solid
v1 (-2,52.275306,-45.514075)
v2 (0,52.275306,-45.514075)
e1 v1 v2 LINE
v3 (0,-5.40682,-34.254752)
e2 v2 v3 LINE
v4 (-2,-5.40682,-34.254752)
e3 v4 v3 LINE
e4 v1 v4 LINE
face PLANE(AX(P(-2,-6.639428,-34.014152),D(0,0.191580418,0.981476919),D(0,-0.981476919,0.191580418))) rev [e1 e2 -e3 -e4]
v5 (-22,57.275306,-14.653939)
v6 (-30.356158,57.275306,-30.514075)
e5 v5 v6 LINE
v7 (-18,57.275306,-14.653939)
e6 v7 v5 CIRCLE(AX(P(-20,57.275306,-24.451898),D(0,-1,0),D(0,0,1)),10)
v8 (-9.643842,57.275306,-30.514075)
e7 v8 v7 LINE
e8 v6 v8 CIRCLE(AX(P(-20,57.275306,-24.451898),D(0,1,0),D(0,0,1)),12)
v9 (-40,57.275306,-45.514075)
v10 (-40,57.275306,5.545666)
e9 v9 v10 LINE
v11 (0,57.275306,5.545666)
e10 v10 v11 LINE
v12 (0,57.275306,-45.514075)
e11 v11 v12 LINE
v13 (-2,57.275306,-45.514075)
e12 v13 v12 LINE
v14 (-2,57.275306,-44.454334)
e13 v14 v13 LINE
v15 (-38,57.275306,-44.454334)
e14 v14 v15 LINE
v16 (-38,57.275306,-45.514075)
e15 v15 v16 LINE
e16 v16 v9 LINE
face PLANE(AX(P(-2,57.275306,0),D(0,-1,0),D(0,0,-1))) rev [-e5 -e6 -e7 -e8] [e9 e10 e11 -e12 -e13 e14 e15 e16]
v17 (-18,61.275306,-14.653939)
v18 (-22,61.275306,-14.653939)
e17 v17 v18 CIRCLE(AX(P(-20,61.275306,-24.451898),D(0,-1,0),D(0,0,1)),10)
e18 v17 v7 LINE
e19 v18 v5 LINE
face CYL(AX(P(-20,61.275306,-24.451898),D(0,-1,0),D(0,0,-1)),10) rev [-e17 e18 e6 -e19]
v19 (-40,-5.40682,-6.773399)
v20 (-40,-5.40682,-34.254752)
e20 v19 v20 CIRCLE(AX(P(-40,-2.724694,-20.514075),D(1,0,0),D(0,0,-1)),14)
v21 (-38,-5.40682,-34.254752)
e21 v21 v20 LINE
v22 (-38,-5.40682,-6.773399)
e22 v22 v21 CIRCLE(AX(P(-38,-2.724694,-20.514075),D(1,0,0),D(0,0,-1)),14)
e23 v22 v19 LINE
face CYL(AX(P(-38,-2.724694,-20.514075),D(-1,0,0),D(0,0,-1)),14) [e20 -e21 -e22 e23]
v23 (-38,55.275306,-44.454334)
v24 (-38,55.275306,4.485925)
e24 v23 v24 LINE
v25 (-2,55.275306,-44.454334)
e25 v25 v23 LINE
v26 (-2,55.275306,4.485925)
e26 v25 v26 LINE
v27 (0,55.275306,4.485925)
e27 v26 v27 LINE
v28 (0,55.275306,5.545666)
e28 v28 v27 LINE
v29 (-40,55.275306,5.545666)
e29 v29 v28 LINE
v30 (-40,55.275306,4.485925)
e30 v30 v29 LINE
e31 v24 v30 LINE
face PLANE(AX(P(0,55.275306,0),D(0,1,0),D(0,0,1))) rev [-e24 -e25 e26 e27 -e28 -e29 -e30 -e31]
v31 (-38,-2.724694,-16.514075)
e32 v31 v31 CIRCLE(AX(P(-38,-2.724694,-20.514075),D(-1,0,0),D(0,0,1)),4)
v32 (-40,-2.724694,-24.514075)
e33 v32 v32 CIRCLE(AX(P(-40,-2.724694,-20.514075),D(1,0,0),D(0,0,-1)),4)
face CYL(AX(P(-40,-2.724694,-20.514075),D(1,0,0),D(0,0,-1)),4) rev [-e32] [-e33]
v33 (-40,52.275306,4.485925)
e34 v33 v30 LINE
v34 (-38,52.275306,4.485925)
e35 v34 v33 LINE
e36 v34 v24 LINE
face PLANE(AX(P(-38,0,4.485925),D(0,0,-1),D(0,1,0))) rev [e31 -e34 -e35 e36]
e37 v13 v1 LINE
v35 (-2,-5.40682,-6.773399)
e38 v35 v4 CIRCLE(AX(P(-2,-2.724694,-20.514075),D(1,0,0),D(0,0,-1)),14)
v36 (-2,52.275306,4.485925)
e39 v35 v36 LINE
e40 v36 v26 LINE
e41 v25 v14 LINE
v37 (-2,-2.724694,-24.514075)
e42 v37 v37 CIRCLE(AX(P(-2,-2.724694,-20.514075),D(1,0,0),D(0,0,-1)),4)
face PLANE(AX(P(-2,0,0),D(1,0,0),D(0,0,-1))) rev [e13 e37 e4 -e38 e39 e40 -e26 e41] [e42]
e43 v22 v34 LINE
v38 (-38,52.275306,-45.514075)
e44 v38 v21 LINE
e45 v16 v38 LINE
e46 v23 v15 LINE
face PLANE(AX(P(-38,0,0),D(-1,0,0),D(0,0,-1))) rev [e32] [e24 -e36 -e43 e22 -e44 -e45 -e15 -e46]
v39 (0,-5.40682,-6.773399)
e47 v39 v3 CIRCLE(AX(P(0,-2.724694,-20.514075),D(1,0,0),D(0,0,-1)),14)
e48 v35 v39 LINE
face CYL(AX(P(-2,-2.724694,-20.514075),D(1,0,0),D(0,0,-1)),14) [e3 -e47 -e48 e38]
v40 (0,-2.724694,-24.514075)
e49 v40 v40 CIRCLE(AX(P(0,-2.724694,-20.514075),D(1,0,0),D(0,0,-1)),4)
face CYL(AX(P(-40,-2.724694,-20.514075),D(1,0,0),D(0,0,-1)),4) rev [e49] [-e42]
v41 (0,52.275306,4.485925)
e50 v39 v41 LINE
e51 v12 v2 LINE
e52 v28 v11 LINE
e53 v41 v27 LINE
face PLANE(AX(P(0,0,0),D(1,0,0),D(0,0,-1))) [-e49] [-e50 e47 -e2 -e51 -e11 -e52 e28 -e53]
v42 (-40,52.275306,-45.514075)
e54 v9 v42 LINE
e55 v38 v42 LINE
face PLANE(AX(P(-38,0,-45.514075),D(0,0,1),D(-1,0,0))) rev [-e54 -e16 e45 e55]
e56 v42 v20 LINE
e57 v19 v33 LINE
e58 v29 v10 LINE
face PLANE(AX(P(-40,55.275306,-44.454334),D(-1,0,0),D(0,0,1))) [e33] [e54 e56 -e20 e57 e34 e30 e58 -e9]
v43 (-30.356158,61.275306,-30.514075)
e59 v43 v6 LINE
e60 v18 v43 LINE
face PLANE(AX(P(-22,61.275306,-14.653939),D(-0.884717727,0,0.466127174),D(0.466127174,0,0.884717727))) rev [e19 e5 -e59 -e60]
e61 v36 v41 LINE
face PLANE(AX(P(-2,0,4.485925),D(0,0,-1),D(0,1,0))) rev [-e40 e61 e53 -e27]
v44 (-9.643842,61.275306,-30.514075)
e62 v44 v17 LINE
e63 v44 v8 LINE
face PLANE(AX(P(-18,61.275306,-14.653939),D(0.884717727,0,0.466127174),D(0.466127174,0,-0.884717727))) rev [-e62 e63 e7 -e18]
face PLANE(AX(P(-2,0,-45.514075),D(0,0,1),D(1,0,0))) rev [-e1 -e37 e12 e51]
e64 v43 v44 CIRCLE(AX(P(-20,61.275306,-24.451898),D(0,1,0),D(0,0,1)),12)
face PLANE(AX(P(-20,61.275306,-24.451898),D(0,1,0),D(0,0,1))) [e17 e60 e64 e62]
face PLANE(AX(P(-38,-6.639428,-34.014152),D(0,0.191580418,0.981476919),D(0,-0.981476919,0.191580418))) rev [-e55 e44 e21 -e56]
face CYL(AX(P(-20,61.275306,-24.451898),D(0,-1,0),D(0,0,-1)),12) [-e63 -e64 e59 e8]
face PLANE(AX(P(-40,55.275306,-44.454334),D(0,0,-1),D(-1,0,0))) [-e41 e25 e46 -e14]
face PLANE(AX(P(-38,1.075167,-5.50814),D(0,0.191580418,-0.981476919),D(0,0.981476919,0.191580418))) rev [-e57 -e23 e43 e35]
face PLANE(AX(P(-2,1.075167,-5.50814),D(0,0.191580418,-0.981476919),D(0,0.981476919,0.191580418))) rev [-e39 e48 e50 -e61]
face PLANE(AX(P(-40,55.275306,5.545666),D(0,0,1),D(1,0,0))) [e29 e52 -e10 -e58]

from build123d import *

# Parameters (mm, degrees)
BOSS_EXTRUDE1_DEPTH = 2
SKETCH2_W           = 40
SKETCH2_H           = 50
BOSS_EXTRUDE2_DEPTH = 2
BOSS_EXTRUDE3_DEPTH = 4
SKETCH4_R           = 4
CUT_EXTRUDE1_DEPTH  = 41


with BuildPart() as part:
    # Sketch1 → Boss-Extrude1 (new body)
    with BuildSketch(Plane(origin=(0, 0, 0), x_dir=(0, 0, -1), z_dir=(1, 0, 0))):
        with BuildLine():
            Line((-4.485924614, 52.27530577), (6.773398514, -5.406820081))
            ThreePointArc((6.773398514, -5.406820081), (20.514075386, -16.72469423), (34.254752259, -5.406820081))
            Line((34.254752259, -5.406820081), (45.514075386, 52.27530577))
            Line((45.514075386, 52.27530577), (45.514075386, 57.27530577))
            Line((45.514075386, 57.27530577), (-4.485924614, 57.27530577))
            Line((-4.485924614, 57.27530577), (-4.485924614, 52.27530577))
        make_face()
    extrude(amount=-BOSS_EXTRUDE1_DEPTH)


with BuildPart() as body_2:
    # Mirror1: mirrored copy
    add(part.part.mirror(Plane(origin=(-20, 0, 0), x_dir=(0, 0, 1), z_dir=(1, 0, 0))))


with BuildPart() as part_1:
    add(part.part)

    add(body_2.part)  # Boss-Extrude2 merges body 2
    # Sketch2 → Boss-Extrude2 (add)
    with BuildSketch(Plane(origin=(0, 57.27530577, 0), x_dir=(1, 0, 0), z_dir=(0, 1, 0))):
        with Locations((-20, 19.454333817)):
            Rectangle(SKETCH2_W, SKETCH2_H)
    extrude(amount=-BOSS_EXTRUDE2_DEPTH)

    # Sketch3 → Boss-Extrude3 (add)
    with BuildSketch(Plane(origin=(0, 57.27530577, 0), x_dir=(1, 0, 0), z_dir=(0, 1, 0))):
        with BuildLine():
            Line((-18, 14.653938589), (-9.643842411, 30.514075386))
            ThreePointArc((-9.643842411, 30.514075386), (-20, 12.45189756), (-30.356157589, 30.514075386))
            Line((-30.356157589, 30.514075386), (-22, 14.653938589))
            ThreePointArc((-22, 14.653938589), (-20, 14.45189756), (-18, 14.653938589))
        make_face()
    extrude(amount=BOSS_EXTRUDE3_DEPTH)

    # Sketch4 → Cut-Extrude1 (cut, through all)
    with BuildSketch(Plane(origin=(0, 0, 0), x_dir=(0, 0, -1), z_dir=(1, 0, 0))):
        with Locations((20.514075386, -2.72469423)):
            Circle(SKETCH4_R)
    extrude(amount=-CUT_EXTRUDE1_DEPTH, mode=Mode.SUBTRACT)


solid = part_1.part
